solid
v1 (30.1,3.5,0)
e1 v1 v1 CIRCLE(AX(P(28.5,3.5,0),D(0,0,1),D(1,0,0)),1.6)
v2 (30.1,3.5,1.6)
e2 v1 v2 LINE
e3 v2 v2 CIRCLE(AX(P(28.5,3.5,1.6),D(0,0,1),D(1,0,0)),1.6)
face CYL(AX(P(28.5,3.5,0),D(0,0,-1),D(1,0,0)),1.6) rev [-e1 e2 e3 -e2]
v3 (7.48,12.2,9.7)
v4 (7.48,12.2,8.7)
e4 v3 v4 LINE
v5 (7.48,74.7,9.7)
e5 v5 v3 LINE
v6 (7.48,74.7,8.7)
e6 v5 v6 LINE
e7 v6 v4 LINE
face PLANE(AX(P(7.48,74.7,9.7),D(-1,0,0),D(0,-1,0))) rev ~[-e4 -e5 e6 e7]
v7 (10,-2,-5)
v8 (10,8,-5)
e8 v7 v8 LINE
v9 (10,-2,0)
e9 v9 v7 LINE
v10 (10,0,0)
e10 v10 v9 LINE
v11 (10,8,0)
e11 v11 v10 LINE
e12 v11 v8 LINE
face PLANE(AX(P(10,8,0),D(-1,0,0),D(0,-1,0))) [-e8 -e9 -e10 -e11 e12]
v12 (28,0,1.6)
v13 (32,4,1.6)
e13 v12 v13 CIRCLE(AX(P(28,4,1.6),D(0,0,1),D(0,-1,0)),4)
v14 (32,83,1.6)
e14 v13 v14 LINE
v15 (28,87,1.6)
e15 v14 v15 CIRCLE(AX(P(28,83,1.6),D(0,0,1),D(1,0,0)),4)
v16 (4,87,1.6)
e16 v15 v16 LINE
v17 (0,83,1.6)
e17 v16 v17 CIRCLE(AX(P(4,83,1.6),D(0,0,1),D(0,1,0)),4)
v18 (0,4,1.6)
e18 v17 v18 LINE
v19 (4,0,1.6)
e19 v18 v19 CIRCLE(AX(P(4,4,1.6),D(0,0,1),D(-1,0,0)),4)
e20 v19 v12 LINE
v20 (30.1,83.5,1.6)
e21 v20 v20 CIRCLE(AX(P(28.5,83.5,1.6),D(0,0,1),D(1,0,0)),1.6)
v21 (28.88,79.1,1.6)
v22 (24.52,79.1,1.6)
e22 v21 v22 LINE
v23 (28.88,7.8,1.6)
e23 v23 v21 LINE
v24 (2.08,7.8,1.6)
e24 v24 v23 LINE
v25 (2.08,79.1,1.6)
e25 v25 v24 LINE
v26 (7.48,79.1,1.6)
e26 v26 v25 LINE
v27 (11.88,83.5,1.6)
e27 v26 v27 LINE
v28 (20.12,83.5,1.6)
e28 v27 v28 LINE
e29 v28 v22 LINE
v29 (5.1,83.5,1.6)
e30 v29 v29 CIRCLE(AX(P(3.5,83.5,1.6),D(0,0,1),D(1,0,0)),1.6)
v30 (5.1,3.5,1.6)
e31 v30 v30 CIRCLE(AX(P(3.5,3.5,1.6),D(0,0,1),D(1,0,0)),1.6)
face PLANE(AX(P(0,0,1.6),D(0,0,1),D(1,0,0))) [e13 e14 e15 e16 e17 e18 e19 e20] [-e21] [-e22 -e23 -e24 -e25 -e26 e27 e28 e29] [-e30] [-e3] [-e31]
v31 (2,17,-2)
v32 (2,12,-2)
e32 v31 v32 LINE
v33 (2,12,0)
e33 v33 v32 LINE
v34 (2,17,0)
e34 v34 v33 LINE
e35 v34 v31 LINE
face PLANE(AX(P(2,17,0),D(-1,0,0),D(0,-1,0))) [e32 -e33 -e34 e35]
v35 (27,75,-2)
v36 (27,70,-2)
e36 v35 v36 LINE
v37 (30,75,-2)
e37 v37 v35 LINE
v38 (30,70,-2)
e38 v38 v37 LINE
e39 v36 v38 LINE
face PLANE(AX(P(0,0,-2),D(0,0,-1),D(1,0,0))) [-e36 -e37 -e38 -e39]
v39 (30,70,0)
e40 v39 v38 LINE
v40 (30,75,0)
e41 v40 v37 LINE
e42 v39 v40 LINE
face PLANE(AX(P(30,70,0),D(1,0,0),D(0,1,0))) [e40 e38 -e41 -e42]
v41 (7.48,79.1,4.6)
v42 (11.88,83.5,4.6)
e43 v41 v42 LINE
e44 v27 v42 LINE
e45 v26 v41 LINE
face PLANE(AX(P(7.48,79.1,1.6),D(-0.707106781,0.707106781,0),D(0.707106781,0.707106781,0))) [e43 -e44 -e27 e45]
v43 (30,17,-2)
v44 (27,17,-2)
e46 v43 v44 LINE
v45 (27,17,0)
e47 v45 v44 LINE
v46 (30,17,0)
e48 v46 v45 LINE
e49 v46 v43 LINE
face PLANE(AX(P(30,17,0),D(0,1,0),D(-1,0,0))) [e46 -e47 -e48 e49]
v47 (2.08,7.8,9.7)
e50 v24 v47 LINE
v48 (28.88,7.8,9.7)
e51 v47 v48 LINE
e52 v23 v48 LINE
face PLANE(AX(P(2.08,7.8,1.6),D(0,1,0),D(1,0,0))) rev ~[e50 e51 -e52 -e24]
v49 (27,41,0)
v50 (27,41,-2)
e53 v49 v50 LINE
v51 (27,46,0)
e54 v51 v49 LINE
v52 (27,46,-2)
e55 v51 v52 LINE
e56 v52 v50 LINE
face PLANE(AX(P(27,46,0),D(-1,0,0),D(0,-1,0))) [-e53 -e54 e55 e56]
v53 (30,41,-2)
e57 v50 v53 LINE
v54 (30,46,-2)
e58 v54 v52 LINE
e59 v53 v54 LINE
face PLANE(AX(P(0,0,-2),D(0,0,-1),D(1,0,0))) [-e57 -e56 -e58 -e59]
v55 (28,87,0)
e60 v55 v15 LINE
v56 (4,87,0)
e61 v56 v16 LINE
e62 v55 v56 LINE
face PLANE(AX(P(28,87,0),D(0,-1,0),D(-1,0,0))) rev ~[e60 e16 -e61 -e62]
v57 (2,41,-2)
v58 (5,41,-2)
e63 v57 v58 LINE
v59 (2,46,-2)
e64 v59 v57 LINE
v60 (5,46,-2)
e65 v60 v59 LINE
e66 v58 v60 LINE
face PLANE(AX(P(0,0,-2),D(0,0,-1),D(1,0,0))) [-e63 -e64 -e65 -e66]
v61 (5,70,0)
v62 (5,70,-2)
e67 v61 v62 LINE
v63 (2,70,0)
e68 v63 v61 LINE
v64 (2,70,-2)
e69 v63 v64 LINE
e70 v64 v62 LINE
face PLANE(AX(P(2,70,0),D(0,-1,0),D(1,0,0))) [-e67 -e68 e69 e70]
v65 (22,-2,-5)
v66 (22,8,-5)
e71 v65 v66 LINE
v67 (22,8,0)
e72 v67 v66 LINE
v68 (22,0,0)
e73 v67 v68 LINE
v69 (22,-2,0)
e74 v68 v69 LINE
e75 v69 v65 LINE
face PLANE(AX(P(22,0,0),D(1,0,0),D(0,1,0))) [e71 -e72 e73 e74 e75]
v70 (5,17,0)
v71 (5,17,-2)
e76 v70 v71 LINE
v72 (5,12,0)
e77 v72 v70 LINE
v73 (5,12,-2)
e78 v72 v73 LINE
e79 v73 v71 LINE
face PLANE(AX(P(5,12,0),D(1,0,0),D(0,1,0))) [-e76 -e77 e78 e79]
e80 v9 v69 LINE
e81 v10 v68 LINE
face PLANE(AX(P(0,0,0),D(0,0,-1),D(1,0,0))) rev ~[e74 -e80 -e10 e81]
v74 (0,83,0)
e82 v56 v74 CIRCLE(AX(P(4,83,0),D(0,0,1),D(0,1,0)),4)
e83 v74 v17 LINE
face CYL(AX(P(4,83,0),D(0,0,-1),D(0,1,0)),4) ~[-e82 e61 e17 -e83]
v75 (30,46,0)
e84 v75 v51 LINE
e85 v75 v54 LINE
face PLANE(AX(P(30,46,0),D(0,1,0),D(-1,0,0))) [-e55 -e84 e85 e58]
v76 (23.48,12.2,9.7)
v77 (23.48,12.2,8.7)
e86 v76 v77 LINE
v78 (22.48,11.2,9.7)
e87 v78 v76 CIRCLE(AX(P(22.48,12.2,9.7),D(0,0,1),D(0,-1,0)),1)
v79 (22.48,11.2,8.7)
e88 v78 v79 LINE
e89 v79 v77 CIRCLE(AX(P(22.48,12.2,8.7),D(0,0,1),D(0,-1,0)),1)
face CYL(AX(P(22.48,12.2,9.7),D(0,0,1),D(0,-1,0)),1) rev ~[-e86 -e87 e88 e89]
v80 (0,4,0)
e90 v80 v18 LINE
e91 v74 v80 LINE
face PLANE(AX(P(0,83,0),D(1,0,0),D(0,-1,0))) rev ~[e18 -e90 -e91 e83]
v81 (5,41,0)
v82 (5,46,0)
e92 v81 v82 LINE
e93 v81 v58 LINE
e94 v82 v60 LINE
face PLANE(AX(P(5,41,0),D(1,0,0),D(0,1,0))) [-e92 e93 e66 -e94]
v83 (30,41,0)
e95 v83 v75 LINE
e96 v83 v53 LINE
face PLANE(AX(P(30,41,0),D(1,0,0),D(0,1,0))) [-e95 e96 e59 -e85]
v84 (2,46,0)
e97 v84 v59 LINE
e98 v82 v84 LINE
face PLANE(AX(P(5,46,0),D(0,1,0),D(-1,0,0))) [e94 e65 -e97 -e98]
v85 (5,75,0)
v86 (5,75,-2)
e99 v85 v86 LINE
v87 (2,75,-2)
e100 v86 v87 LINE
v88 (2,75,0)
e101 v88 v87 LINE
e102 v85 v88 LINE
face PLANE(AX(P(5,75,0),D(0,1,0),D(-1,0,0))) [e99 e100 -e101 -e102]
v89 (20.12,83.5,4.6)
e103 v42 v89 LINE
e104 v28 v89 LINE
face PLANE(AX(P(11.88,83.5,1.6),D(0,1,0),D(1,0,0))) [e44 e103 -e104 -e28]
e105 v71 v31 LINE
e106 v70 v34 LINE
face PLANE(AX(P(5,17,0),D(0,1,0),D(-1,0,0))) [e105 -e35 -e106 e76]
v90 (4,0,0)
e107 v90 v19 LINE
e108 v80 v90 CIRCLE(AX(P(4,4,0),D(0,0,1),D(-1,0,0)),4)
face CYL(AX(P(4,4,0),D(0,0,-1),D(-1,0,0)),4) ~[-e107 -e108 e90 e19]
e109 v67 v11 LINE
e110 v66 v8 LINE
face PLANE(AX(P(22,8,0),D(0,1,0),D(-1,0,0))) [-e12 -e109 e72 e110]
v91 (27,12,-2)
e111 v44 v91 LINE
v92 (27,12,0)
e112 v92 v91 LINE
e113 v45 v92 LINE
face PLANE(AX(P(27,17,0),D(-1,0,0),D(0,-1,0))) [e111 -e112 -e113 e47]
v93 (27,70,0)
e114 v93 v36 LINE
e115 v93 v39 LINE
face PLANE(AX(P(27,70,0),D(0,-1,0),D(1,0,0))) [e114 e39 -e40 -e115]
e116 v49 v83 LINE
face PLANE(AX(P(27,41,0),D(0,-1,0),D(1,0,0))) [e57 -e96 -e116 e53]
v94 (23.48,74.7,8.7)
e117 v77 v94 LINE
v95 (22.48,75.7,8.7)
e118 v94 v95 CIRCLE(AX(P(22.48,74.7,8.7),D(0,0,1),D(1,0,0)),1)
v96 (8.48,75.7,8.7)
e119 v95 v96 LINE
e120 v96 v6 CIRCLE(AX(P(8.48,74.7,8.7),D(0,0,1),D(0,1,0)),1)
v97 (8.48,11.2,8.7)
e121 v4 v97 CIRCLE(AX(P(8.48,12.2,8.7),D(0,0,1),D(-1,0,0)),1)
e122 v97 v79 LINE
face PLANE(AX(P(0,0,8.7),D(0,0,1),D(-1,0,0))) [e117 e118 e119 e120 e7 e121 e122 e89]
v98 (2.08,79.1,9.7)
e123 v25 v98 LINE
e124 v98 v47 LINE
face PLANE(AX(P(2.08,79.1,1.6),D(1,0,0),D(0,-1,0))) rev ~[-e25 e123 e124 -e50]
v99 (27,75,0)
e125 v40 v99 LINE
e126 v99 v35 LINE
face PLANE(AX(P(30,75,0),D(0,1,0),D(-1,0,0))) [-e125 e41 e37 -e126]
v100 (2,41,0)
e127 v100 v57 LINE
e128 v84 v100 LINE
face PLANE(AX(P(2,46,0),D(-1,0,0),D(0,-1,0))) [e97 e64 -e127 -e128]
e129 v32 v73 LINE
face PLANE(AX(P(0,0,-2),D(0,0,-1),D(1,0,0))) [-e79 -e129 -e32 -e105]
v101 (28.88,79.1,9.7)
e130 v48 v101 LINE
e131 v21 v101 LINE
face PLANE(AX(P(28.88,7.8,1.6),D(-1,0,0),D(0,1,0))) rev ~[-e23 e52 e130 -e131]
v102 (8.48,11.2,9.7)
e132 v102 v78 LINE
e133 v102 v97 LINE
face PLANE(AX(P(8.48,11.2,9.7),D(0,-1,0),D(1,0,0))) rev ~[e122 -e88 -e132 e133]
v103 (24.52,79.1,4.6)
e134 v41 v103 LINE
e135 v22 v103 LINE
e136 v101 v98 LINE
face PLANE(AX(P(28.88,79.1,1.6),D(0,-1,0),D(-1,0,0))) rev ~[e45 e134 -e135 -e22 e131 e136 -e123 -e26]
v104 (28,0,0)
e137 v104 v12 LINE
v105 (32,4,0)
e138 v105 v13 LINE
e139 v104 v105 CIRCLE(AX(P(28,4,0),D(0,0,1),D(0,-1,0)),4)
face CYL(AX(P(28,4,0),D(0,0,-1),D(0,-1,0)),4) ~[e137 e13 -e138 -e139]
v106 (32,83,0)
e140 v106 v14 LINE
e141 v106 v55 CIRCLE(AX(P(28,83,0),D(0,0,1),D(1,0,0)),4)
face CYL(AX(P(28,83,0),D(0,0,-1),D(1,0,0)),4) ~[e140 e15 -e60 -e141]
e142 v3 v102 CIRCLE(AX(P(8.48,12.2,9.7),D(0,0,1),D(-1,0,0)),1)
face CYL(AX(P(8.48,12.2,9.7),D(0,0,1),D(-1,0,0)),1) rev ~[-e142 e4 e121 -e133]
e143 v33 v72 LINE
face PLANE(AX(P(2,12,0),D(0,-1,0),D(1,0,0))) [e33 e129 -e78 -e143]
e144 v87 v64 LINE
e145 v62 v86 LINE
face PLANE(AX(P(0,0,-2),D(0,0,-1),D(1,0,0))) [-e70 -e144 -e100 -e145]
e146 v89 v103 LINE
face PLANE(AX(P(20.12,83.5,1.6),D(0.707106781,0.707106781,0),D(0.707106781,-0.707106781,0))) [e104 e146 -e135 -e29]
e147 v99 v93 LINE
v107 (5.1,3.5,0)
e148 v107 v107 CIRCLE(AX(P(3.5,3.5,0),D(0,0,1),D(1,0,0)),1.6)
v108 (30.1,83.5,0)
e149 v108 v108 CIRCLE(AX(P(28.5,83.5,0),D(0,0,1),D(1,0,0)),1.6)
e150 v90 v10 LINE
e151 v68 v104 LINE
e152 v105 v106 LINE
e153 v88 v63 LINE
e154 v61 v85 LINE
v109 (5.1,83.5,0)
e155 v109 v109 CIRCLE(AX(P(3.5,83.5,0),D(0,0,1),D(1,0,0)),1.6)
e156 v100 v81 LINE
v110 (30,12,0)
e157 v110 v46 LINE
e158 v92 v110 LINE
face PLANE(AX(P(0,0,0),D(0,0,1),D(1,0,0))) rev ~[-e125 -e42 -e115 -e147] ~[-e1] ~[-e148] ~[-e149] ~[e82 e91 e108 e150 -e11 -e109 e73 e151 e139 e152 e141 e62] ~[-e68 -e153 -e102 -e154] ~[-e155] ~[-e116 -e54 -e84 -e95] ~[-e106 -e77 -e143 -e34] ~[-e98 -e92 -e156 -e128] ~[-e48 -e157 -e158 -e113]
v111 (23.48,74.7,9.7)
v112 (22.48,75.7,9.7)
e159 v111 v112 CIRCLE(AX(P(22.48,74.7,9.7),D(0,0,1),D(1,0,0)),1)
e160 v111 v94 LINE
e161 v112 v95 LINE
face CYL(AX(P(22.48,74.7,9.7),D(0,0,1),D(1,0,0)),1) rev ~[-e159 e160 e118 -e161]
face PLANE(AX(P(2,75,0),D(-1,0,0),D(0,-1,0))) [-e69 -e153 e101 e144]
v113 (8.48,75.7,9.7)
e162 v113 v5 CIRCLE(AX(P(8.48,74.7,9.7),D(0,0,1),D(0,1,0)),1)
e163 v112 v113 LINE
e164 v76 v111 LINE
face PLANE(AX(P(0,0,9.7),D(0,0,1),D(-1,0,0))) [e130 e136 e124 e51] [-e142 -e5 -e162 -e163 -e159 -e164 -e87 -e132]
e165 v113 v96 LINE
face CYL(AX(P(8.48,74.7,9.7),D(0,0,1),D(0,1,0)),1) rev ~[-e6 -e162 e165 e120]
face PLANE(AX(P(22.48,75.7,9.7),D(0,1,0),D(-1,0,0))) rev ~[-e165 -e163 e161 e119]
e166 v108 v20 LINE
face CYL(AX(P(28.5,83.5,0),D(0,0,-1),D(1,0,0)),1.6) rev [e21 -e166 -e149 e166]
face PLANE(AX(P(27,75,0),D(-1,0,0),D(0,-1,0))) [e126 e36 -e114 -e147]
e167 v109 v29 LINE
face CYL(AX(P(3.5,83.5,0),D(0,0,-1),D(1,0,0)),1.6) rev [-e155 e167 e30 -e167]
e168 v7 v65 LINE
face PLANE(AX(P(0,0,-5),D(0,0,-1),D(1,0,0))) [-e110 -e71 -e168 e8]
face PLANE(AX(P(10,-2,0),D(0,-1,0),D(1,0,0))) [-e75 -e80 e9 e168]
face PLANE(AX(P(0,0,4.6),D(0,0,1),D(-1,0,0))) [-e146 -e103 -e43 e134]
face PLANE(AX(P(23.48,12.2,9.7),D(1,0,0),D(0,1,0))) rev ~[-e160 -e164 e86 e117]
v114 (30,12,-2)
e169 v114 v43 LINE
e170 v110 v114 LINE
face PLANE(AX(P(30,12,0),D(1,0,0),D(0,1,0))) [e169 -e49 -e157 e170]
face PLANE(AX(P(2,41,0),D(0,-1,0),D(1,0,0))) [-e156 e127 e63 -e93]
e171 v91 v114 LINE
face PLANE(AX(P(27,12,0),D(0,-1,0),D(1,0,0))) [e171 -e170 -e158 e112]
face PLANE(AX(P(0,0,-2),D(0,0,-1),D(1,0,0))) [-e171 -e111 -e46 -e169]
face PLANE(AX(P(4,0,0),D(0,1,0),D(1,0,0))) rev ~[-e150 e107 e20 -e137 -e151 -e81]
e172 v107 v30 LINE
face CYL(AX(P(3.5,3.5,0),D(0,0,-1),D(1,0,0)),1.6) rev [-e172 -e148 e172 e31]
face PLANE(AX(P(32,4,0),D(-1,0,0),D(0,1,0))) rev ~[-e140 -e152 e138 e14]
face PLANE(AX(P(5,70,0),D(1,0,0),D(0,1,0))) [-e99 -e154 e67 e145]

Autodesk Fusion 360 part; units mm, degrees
sketch "Skizze1" plane through (0, 0, 0) normal (0, 0, 1) x (1, 0, 0)
  line L0 (4, 0) -> (28, 0)
  line L1 (32, 4) -> (32, 83)
  line L2 (28, 87) -> (4, 87)
  line L3 (0, 83) -> (0, 4)
  circle A0 centre (3.5, 3.5) radius 1.6
  circle A1 centre (28.5, 3.5) radius 1.6
  circle A2 centre (3.5, 83.5) radius 1.6
  circle A3 centre (28.5, 83.5) radius 1.6
  arc A4 (4, 87) -> (0, 83) centre (4, 83) ccw
  arc A5 (32, 83) -> (28, 87) centre (28, 83) ccw
  arc A6 (0, 4) -> (4, 0) centre (4, 4) ccw
  arc A7 (28, 0) -> (32, 4) centre (28, 4) ccw
  point P0 (32, 0)
  point P1 (0, 87)
  dimension "d1" = 32
  dimension "d2" = 87
  dimension "d3" = 3.2
  dimension "d4" = 3.5
  dimension "d5" = 3.5
  dimension "d8" = 25
  dimension "d9" = 80
  dimension "d10" = 4
extrude "Extrusion1" add sketch "Skizze1" along normal blind 1.6
sketch "Skizze2" plane through (0, 0, 1.6) normal (0, 0, 1) x (-1, 0, 0)
  circle A0 centre (-28.5, -3.5) radius 1.6
  circle A1 centre (-3.5, -3.5) radius 1.6
  circle A2 centre (-3.5, -83.5) radius 1.6
  circle A3 centre (-28.5, -83.5) radius 1.6
  arc A4 (-28, 0) -> (-32, -4) centre (-28, -4) ccw
  line L0 (-32, -4) -> (-32, -83)
  arc A5 (-32, -83) -> (-28, -87) centre (-28, -83) ccw
  line L1 (-28, -87) -> (-4, -87)
  arc A6 (-4, -87) -> (0, -83) centre (-4, -83) ccw
  line L2 (0, -83) -> (0, -4)
  arc A7 (0, -4) -> (-4, 0) centre (-4, -4) ccw
  line L3 (-4, 0) -> (-28, 0)
  line L4 (-2.08, -7.8) -> (-28.88, -7.8)
  line L5 (-28.88, -7.8) -> (-28.88, -79.1)
  line L6 (-28.88, -79.1) -> (-2.08, -79.1)
  line L7 (-2.08, -79.1) -> (-2.08, -7.8)
  dimension "d13" = 26.8
  dimension "d14" = 71.3
  dimension "d15" = 7.8
  dimension "d16" = 2.08
extrude "Extrusion2" add sketch "Skizze2" along normal blind 8.1 contours L4 L5 L6 L7
sketch "Skizze3" plane through (0, 0, 9.7) normal (0, 0, 1) x (-1, 0, 0)
  line L0 (-2.08, -79.1) -> (-2.08, -7.8)
  line L1 (-2.08, -7.8) -> (-28.88, -7.8)
  line L2 (-28.88, -7.8) -> (-28.88, -79.1)
  line L3 (-28.88, -79.1) -> (-2.08, -79.1)
  line L4 (-8.48, -11.2) -> (-22.48, -11.2)
  line L5 (-23.48, -12.2) -> (-23.48, -74.7)
  line L6 (-22.48, -75.7) -> (-8.48, -75.7)
  line L7 (-7.48, -74.7) -> (-7.48, -12.2)
  arc A0 (-7.48, -12.2) -> (-8.48, -11.2) centre (-8.48, -12.2) ccw
  arc A1 (-22.48, -11.2) -> (-23.48, -12.2) centre (-22.48, -12.2) ccw
  arc A2 (-8.48, -75.7) -> (-7.48, -74.7) centre (-8.48, -74.7) ccw
  arc A3 (-23.48, -74.7) -> (-22.48, -75.7) centre (-22.48, -74.7) ccw
  point P0 (-7.48, -11.2)
  point P1 (-23.48, -11.2)
  point P2 (-7.48, -75.7)
  dimension "d19" = 16
  dimension "d20" = 64.5
  dimension "d21" = 3.4
  dimension "d22" = 5.4
  dimension "d23" = 1
extrude "Extrusion3" cut sketch "Skizze3" against normal blind 1 contours L4 L5 L6 L7 A0 A1 A2 A3
sketch "Skizze4" plane through (0, 0, 1.6) normal (0, 0, 1) x (-1, 0, 0)
  line L0 (-2.08, -79.1) -> (-28.88, -79.1)
  line L1 (-28.88, -79.1) -> (-28.88, -7.8)
  line L2 (-28.88, -7.8) -> (-2.08, -7.8)
  line L3 (-2.08, -7.8) -> (-2.08, -79.1)
  circle A0 centre (-28.5, -3.5) radius 1.6
  circle A1 centre (-3.5, -3.5) radius 1.6
  circle A2 centre (-3.5, -83.5) radius 1.6
  circle A3 centre (-28.5, -83.5) radius 1.6
  arc A4 (-28, 0) -> (-32, -4) centre (-28, -4) ccw
  line L4 (-32, -4) -> (-32, -83)
  arc A5 (-32, -83) -> (-28, -87) centre (-28, -83) ccw
  line L5 (-28, -87) -> (-4, -87)
  arc A6 (-4, -87) -> (0, -83) centre (-4, -83) ccw
  line L6 (0, -83) -> (0, -4)
  arc A7 (0, -4) -> (-4, 0) centre (-4, -4) ccw
  line L7 (-4, 0) -> (-28, 0)
  line L8 (-7.48, -79.1) -> (-11.88, -83.5)
  line L9 (-11.88, -83.5) -> (-20.12, -83.5)
  line L10 (-20.12, -83.5) -> (-24.52, -79.1)
  dimension "d26" = 7.48
  dimension "d27" = 7.48
  dimension "d28" = 3.5
  dimension "d29" = 45
  dimension "d30" = 45
extrude "Extrusion4" add sketch "Skizze4" along normal blind 3 contours L0 L8 L9 L10
sketch "Skizze5" plane through (0, 0, 0) normal (0, 0, -1) x (1, 0, 0)
  circle A0 centre (28.5, -3.5) radius 1.6
  circle A1 centre (3.5, -3.5) radius 1.6
  circle A2 centre (3.5, -83.5) radius 1.6
  circle A3 centre (28.5, -83.5) radius 1.6
  arc A4 (32, -4) -> (28, 0) centre (28, -4) ccw
  line L0 (28, 0) -> (4, 0)
  arc A5 (4, 0) -> (0, -4) centre (4, -4) ccw
  line L1 (0, -4) -> (0, -83)
  arc A6 (0, -83) -> (4, -87) centre (4, -83) ccw
  line L2 (4, -87) -> (28, -87)
  arc A7 (28, -87) -> (32, -83) centre (28, -83) ccw
  line L3 (32, -83) -> (32, -4)
  line L4 (2, -12) -> (5, -12)
  line L5 (5, -12) -> (5, -17)
  line L6 (5, -17) -> (2, -17)
  line L7 (2, -17) -> (2, -12)
  line L8 (30, -12) -> (30, -17)
  line L9 (30, -17) -> (27, -17)
  line L10 (27, -12) -> (30, -12)
  line L11 (27, -17) -> (27, -12)
  line L12 (5, -41) -> (5, -46)
  line L13 (5, -46) -> (2, -46)
  line L14 (2, -41) -> (5, -41)
  line L15 (2, -46) -> (2, -41)
  line L16 (30, -41) -> (30, -46)
  line L17 (30, -46) -> (27, -46)
  line L18 (27, -41) -> (30, -41)
  line L19 (27, -46) -> (27, -41)
  line L20 (5, -70) -> (5, -75)
  line L21 (5, -75) -> (2, -75)
  line L22 (2, -70) -> (5, -70)
  line L23 (2, -75) -> (2, -70)
  line L24 (30, -70) -> (30, -75)
  line L25 (30, -75) -> (27, -75)
  line L26 (27, -70) -> (30, -70)
  line L27 (27, -75) -> (27, -70)
  dimension "d33" = 3
  dimension "d34" = 5
  dimension "d35" = 12
  dimension "d36" = 2
  dimension "d39" = 25
  dimension "d40" = -58
extrude "Extrusion5" add sketch "Skizze5" along normal blind 2 contours L4 L5 L6 L7 | L8 L9 L10 L11 | L12 L13 L14 L15 | L16 L17 L18 L19 | L20 L21 L22 L23 | L24 L25 L26 L27
sketch "Skizze6" plane through (0, 0, 0) normal (0, 0, -1) x (1, 0, 0)
  line L0 (2, -17) -> (2, -12)
  line L1 (2, -12) -> (5, -12)
  line L2 (5, -12) -> (5, -17)
  line L3 (5, -17) -> (2, -17)
  line L4 (2, -75) -> (2, -70)
  line L5 (2, -70) -> (5, -70)
  line L6 (5, -70) -> (5, -75)
  line L7 (5, -75) -> (2, -75)
  line L8 (2, -46) -> (2, -41)
  line L9 (2, -41) -> (5, -41)
  line L10 (5, -41) -> (5, -46)
  line L11 (5, -46) -> (2, -46)
  line L12 (27, -17) -> (27, -12)
  line L13 (27, -12) -> (30, -12)
  line L14 (30, -12) -> (30, -17)
  line L15 (30, -17) -> (27, -17)
  line L16 (27, -75) -> (27, -70)
  line L17 (27, -70) -> (30, -70)
  line L18 (30, -70) -> (30, -75)
  line L19 (30, -75) -> (27, -75)
  line L20 (27, -46) -> (27, -41)
  line L21 (27, -41) -> (30, -41)
  line L22 (30, -41) -> (30, -46)
  line L23 (30, -46) -> (27, -46)
  circle A0 centre (28.5, -3.5) radius 1.6
  circle A1 centre (3.5, -3.5) radius 1.6
  circle A2 centre (3.5, -83.5) radius 1.6
  circle A3 centre (28.5, -83.5) radius 1.6
  arc A4 (32, -4) -> (28, 0) centre (28, -4) ccw
  line L24 (28, 0) -> (4, 0)
  arc A5 (4, 0) -> (0, -4) centre (4, -4) ccw
  line L25 (0, -4) -> (0, -83)
  arc A6 (0, -83) -> (4, -87) centre (4, -83) ccw
  line L26 (4, -87) -> (28, -87)
  arc A7 (28, -87) -> (32, -83) centre (28, -83) ccw
  line L27 (32, -83) -> (32, -4)
  line L28 (10, 2) -> (22, 2)
  line L29 (22, 2) -> (22, -8)
  line L30 (22, -8) -> (10, -8)
  line L31 (10, -8) -> (10, 2)
  dimension "d43" = 12
  dimension "d44" = 10
  dimension "d45" = 2
  dimension "d46" = 10
extrude "Extrusion6" add sketch "Skizze6" along normal blind 5 contours L24 L29 L30 L31 | L24 L28 L29 L31
